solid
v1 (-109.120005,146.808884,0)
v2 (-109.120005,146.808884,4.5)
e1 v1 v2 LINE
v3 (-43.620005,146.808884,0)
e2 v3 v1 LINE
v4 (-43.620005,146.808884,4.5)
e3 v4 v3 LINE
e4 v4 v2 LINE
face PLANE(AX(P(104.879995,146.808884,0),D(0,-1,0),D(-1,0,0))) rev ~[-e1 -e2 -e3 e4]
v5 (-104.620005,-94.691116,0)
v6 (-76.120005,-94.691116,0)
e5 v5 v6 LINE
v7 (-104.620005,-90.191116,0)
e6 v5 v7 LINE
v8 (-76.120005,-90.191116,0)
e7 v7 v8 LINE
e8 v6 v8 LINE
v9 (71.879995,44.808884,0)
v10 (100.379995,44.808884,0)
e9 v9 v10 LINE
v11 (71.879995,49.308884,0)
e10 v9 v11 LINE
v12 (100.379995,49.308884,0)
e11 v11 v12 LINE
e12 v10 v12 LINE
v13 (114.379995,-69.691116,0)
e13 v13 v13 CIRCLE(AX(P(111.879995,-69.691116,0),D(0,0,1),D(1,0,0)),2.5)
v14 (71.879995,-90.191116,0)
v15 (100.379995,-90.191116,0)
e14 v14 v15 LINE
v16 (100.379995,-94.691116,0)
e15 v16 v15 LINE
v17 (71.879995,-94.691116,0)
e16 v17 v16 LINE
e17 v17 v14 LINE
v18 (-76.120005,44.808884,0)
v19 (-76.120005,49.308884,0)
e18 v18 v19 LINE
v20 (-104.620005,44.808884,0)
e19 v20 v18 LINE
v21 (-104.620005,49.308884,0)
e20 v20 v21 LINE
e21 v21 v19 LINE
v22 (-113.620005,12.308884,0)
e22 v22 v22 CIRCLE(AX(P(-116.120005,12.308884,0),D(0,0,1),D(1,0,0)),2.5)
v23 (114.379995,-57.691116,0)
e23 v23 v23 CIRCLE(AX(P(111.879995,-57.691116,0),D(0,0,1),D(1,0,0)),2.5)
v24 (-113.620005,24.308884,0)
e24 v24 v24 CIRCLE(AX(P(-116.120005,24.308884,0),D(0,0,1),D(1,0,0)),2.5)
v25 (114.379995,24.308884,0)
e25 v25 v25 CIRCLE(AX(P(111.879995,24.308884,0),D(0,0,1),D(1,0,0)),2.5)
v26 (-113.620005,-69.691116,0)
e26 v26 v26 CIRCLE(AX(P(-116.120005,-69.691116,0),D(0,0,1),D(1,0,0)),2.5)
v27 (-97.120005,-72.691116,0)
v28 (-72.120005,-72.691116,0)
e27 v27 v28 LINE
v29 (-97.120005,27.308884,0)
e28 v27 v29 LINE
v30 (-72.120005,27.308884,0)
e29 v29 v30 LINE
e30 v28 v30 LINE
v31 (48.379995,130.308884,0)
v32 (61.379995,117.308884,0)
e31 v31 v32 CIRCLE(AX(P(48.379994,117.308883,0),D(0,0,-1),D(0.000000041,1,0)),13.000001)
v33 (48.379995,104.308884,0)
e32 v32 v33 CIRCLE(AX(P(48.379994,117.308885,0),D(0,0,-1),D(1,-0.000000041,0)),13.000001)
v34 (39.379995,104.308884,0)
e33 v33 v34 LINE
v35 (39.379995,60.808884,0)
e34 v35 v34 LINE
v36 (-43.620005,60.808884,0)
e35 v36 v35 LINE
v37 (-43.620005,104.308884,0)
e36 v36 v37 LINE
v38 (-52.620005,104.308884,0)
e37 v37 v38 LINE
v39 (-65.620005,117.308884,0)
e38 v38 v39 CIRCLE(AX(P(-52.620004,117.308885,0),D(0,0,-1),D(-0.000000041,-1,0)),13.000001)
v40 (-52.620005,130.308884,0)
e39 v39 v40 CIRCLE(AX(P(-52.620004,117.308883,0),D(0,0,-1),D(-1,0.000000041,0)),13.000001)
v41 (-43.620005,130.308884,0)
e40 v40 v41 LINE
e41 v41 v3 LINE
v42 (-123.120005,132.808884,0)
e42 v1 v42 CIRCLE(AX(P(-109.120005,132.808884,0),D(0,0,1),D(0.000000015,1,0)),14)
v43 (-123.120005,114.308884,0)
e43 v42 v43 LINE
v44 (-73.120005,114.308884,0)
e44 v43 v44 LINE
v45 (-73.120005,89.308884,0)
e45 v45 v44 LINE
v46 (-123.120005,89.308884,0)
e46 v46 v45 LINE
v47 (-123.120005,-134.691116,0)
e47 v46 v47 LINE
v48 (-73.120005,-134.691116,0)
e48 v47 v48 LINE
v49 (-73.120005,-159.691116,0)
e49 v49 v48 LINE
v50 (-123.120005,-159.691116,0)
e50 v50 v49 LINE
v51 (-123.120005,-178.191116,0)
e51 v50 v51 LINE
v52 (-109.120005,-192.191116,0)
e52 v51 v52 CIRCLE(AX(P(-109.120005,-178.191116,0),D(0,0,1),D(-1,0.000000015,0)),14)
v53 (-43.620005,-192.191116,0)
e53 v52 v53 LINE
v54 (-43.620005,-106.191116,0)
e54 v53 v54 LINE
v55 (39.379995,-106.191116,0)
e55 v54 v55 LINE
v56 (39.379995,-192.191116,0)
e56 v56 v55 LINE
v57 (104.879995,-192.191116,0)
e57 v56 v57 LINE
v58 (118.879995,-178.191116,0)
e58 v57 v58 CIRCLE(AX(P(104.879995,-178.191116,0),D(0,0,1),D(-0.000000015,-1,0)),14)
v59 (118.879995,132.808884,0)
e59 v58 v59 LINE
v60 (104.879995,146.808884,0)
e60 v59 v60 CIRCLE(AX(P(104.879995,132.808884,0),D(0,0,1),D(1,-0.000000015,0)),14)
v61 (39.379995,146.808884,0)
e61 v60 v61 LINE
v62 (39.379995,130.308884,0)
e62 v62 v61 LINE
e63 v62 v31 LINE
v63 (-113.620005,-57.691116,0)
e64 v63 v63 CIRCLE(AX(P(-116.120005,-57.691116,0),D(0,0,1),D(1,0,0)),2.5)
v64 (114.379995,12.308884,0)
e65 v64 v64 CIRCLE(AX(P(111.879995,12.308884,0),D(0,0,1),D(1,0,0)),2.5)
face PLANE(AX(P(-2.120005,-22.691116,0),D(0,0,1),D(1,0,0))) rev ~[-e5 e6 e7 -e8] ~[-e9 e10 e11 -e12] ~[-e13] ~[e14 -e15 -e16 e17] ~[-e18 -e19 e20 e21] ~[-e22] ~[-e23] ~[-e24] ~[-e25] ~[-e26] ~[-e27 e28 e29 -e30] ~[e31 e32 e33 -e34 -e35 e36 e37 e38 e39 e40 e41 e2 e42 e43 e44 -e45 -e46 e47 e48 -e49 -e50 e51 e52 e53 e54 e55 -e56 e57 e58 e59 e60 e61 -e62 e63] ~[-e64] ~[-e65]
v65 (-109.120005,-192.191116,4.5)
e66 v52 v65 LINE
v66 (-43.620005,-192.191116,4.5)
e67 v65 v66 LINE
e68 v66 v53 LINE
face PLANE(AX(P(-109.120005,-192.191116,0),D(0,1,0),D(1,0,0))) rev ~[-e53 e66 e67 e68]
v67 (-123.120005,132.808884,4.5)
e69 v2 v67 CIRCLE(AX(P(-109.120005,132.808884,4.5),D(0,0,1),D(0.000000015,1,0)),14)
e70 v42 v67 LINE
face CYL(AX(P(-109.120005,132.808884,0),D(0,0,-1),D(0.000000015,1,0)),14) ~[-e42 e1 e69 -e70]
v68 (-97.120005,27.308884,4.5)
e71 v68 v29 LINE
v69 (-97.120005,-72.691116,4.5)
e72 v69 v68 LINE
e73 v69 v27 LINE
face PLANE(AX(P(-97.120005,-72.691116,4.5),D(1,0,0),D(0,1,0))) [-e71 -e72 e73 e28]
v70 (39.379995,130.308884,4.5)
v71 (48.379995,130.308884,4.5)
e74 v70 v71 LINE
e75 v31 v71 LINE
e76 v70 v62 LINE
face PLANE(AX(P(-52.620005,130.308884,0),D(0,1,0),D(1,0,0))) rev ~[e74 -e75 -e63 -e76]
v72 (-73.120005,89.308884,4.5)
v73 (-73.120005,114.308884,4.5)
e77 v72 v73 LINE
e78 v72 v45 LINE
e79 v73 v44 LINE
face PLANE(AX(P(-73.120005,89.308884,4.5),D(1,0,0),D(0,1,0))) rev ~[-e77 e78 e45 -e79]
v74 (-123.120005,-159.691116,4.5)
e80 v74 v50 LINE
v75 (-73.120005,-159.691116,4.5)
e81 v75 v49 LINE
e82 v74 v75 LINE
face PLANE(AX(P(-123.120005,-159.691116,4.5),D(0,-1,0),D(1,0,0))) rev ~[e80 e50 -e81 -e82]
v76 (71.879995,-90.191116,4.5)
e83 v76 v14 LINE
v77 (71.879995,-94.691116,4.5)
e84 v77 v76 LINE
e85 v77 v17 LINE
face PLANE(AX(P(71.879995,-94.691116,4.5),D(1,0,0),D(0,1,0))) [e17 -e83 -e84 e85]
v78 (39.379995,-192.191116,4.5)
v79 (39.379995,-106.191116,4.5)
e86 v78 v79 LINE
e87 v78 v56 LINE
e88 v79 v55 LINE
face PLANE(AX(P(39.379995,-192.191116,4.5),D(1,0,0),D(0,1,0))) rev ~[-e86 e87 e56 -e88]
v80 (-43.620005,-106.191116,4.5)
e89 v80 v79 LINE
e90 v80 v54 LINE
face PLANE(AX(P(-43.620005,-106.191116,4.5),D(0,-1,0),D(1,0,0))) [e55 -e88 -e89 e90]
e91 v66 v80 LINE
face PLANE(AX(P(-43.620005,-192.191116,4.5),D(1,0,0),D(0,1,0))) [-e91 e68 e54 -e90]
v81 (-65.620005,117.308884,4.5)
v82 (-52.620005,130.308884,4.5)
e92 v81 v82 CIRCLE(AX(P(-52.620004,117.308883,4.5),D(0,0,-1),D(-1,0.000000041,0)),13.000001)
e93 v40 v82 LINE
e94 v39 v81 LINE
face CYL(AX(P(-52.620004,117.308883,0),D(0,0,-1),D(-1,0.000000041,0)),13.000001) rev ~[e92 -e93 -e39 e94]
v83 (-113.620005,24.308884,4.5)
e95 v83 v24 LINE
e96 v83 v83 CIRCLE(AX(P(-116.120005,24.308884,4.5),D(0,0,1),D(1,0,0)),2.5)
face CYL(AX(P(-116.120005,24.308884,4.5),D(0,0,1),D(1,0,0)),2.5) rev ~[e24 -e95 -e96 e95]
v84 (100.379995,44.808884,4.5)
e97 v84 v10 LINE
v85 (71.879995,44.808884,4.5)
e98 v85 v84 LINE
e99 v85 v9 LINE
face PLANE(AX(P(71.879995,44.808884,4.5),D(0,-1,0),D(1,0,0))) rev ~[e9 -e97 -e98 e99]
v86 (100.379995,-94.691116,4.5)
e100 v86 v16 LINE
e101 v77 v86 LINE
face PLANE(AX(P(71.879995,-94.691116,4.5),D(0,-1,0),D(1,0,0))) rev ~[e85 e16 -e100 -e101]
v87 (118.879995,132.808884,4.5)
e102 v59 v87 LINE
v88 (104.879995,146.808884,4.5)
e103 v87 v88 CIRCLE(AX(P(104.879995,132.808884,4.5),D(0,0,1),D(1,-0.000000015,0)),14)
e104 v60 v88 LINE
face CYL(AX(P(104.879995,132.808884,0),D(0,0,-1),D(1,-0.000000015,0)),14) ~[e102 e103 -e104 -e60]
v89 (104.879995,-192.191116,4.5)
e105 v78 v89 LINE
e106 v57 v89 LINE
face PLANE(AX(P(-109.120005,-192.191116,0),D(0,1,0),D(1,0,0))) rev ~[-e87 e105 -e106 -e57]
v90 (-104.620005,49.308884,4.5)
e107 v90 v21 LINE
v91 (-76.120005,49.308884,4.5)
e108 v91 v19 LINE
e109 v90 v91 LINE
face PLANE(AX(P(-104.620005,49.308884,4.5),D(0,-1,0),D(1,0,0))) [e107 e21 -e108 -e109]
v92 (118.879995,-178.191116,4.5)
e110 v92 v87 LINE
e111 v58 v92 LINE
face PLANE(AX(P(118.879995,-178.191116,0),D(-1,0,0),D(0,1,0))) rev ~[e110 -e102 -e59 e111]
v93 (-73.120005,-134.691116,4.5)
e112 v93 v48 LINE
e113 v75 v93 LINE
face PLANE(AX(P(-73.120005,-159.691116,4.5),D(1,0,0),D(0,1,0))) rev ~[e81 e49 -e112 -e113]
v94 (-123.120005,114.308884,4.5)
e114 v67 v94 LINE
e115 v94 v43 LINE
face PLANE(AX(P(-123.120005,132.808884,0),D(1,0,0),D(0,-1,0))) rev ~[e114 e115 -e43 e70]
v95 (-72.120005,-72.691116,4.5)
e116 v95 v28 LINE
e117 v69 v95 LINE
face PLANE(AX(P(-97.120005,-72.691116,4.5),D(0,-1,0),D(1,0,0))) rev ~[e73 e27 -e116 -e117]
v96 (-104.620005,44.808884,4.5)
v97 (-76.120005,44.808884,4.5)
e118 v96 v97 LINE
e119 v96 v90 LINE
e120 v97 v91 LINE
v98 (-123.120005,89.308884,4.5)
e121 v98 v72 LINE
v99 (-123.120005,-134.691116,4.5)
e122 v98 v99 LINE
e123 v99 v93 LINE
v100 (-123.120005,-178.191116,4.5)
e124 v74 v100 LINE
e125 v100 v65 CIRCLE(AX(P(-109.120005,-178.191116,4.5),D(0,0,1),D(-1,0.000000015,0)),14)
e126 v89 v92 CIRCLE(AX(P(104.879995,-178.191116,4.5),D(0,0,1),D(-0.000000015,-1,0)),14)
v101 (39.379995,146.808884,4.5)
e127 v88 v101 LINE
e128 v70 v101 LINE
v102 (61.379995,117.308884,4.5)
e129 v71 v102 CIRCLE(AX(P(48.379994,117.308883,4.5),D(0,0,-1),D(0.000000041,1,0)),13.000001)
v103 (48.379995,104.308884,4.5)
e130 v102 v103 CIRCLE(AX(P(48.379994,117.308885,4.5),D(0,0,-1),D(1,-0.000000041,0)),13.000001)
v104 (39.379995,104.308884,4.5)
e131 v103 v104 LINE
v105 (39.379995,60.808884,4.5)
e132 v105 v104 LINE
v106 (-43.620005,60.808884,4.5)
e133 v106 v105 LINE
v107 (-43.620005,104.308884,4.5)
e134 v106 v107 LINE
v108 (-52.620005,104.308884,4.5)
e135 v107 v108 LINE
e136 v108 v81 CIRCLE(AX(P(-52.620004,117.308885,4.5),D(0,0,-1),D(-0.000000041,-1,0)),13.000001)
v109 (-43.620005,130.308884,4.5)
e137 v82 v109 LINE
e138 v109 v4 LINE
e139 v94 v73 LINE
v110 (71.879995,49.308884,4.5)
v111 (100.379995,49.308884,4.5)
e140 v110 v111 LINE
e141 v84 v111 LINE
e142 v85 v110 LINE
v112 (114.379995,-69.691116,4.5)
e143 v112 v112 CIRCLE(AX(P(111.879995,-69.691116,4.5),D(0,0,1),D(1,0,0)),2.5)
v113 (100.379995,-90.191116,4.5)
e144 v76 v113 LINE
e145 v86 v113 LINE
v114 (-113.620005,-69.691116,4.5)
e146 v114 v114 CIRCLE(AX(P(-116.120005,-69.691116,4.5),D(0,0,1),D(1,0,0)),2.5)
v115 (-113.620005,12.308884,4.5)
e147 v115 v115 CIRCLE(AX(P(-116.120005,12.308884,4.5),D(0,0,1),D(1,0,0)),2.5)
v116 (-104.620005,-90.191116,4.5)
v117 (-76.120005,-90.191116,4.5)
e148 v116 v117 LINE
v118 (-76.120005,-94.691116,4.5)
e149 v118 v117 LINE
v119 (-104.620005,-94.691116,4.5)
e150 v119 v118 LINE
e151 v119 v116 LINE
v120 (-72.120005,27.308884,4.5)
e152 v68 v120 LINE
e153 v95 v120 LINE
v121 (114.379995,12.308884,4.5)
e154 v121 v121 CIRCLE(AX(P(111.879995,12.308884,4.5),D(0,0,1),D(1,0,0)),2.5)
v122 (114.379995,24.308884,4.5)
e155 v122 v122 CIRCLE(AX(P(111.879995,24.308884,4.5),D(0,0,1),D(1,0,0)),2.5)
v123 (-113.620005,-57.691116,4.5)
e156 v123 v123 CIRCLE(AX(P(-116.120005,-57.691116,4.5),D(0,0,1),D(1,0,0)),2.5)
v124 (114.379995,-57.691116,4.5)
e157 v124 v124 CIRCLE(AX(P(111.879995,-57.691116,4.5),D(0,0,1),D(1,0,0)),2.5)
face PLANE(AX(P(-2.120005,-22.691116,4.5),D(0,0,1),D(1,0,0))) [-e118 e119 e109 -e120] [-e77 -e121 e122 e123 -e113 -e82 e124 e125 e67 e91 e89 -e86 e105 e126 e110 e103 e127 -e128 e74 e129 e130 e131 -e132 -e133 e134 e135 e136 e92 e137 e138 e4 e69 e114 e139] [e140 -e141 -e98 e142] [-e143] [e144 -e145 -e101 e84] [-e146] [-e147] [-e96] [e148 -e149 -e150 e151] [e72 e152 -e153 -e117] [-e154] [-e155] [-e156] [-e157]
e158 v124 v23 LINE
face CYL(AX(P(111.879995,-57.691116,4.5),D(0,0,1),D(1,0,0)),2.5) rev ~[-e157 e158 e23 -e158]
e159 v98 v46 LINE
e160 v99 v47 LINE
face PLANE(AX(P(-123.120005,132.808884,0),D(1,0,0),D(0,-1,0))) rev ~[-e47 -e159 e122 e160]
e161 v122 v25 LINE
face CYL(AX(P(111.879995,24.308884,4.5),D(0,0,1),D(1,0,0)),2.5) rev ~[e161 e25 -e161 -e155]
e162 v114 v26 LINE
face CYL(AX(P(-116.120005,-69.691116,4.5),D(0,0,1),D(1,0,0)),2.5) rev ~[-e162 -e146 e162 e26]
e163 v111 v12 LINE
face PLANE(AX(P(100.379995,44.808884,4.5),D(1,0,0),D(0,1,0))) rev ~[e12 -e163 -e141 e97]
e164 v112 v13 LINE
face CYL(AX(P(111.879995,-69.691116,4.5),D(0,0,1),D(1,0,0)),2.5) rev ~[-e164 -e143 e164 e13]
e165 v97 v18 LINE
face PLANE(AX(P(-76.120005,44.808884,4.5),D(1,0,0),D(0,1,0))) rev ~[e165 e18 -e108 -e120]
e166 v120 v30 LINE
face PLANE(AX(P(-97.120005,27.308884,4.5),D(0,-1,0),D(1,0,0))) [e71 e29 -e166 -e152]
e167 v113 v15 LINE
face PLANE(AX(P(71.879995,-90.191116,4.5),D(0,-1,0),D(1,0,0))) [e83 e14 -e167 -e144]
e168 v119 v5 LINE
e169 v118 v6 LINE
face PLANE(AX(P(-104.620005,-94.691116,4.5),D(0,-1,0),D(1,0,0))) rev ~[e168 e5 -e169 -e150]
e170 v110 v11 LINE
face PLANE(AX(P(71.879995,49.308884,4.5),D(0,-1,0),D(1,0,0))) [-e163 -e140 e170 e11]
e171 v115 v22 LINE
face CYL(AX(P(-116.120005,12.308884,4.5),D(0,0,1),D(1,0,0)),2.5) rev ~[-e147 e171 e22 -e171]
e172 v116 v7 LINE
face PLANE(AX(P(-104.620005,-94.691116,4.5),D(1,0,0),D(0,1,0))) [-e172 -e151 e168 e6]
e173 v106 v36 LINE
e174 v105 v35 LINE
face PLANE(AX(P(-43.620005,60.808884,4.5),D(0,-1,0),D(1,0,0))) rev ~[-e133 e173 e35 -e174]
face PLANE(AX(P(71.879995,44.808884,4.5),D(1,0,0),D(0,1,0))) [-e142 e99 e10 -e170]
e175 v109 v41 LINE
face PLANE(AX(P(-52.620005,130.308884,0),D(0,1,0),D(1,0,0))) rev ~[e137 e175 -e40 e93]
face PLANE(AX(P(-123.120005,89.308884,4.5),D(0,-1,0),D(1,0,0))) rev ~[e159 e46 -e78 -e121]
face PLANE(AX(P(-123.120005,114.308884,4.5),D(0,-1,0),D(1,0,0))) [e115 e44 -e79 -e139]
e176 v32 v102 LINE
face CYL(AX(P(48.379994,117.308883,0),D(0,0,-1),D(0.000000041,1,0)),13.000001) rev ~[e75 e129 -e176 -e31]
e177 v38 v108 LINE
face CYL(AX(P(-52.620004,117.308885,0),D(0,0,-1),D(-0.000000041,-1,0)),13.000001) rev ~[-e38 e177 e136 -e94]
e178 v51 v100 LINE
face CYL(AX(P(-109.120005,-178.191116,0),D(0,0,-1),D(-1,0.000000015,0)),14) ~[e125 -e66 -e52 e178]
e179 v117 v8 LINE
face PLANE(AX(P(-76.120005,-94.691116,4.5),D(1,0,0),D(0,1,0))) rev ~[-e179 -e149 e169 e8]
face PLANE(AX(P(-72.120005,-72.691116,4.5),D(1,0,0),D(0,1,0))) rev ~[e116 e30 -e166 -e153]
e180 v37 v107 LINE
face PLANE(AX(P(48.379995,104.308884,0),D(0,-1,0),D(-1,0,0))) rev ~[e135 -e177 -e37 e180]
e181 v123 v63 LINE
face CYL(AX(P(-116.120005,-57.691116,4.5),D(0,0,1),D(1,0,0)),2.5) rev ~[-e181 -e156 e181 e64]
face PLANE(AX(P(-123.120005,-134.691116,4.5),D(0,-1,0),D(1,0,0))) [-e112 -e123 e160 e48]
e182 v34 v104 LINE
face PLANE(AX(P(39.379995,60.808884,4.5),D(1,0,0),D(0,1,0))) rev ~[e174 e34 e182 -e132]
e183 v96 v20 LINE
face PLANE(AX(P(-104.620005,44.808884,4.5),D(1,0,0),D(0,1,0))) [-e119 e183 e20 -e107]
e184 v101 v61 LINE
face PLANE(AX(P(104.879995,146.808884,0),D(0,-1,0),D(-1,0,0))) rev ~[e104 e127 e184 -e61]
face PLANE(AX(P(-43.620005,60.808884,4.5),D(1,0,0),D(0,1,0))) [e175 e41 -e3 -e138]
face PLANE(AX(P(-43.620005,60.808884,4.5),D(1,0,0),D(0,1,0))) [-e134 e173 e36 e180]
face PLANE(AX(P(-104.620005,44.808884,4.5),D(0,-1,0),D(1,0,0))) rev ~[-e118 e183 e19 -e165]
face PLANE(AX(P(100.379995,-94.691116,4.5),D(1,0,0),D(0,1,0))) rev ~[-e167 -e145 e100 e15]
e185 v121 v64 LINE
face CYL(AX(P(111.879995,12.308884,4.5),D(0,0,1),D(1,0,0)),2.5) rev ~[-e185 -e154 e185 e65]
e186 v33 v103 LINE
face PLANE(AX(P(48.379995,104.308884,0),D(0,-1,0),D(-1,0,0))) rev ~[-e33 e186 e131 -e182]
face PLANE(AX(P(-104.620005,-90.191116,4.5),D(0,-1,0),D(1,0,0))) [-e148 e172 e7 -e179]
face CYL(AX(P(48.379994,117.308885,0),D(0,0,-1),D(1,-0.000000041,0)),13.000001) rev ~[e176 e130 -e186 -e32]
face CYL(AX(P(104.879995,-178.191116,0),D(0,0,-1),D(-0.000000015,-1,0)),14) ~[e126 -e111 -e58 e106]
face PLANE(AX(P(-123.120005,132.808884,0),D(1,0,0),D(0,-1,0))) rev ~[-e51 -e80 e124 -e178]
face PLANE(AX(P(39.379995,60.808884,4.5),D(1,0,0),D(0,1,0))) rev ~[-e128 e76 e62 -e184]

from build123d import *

# Parameters (mm, degrees)
F1_DEPTH = 4.5
F2_W     = 28.5
F2_H     = 4.5
F2_R     = 2.5
F2_W_2   = 25
F2_H_2   = 100
F2_W_3   = 50
F2_H_3   = 25
F2_W_4   = 83
F2_H_4   = 86
F3_DEPTH = 25


with BuildPart() as f1:
    # F0 (on Top) → F1 (new body)
    with BuildSketch(Plane.XY):
        with BuildLine():
            Line((104.879995, 146.808884), (-109.120005, 146.808884))
            ThreePointArc((-109.120005, 146.808884), (-119.0195, 142.708379), (-123.120005, 132.808884))
            Line((-123.120005, 132.808884), (-123.120005, -178.191116))
            ThreePointArc((-123.120005, -178.191116), (-119.0195, -188.090611), (-109.120005, -192.191116))
            Line((-109.120005, -192.191116), (104.879995, -192.191116))
            ThreePointArc((104.879995, -192.191116), (114.77949, -188.090611), (118.879995, -178.191116))
            Line((118.879995, -178.191116), (118.879995, 132.808884))
            ThreePointArc((118.879995, 132.808884), (114.77949, 142.708379), (104.879995, 146.808884))
        make_face()
        with BuildLine():
            ThreePointArc((-65.620005, 117.308884), (-61.812393, 126.501272), (-52.620005, 130.308884))
            Line((-52.620005, 130.308884), (48.379995, 130.308884))
            ThreePointArc((48.379995, 130.308884), (57.572383, 126.501272), (61.379995, 117.308884))
            ThreePointArc((61.379995, 117.308884), (57.572383, 108.116496), (48.379995, 104.308884))
            Line((48.379995, 104.308884), (-52.620005, 104.308884))
            ThreePointArc((-52.620005, 104.308884), (-61.812393, 108.116496), (-65.620005, 117.308884))
        make_face(mode=Mode.SUBTRACT)
    extrude(amount=F1_DEPTH)

    # F2 (on face) → F3 (cut)
    with BuildSketch(Plane.XY.offset(4.5)):
        with Locations((-90.370005, 47.058884)):
            Rectangle(F2_W, F2_H)
        with Locations((-116.120005, 24.308884)):
            Circle(F2_R)
        with Locations((-116.120005, 12.308884)):
            Circle(F2_R)
        with Locations((-116.120005, -57.691116)):
            Circle(F2_R)
        with Locations((-116.120005, -69.691116)):
            Circle(F2_R)
        with Locations((-90.370005, -92.441116)):
            Rectangle(F2_W, F2_H)
        with Locations((86.129995, 47.058884)):
            Rectangle(F2_W, F2_H)
        with Locations((86.129995, -92.441116)):
            Rectangle(F2_W, F2_H)
        with Locations((111.879995, 24.308884)):
            Circle(F2_R)
        with Locations((111.879995, 12.308884)):
            Circle(F2_R)
        with Locations((111.879995, -57.691116)):
            Circle(F2_R)
        with Locations((111.879995, -69.691116)):
            Circle(F2_R)
        with Locations((-84.620005, -22.691116)):
            Rectangle(F2_W_2, F2_H_2)
        with Locations((-98.120005, 101.808884)):
            Rectangle(F2_W_3, F2_H_3)
        with Locations((-98.120005, -147.191116)):
            Rectangle(F2_W_3, F2_H_3)
        with Locations((-2.120005, 103.808884)):
            Rectangle(F2_W_4, F2_H_4)
        with Locations((-2.120005, -149.191116)):
            Rectangle(F2_W_4, F2_H_4)
    extrude(amount=-F3_DEPTH, mode=Mode.SUBTRACT)


solid = f1.part
